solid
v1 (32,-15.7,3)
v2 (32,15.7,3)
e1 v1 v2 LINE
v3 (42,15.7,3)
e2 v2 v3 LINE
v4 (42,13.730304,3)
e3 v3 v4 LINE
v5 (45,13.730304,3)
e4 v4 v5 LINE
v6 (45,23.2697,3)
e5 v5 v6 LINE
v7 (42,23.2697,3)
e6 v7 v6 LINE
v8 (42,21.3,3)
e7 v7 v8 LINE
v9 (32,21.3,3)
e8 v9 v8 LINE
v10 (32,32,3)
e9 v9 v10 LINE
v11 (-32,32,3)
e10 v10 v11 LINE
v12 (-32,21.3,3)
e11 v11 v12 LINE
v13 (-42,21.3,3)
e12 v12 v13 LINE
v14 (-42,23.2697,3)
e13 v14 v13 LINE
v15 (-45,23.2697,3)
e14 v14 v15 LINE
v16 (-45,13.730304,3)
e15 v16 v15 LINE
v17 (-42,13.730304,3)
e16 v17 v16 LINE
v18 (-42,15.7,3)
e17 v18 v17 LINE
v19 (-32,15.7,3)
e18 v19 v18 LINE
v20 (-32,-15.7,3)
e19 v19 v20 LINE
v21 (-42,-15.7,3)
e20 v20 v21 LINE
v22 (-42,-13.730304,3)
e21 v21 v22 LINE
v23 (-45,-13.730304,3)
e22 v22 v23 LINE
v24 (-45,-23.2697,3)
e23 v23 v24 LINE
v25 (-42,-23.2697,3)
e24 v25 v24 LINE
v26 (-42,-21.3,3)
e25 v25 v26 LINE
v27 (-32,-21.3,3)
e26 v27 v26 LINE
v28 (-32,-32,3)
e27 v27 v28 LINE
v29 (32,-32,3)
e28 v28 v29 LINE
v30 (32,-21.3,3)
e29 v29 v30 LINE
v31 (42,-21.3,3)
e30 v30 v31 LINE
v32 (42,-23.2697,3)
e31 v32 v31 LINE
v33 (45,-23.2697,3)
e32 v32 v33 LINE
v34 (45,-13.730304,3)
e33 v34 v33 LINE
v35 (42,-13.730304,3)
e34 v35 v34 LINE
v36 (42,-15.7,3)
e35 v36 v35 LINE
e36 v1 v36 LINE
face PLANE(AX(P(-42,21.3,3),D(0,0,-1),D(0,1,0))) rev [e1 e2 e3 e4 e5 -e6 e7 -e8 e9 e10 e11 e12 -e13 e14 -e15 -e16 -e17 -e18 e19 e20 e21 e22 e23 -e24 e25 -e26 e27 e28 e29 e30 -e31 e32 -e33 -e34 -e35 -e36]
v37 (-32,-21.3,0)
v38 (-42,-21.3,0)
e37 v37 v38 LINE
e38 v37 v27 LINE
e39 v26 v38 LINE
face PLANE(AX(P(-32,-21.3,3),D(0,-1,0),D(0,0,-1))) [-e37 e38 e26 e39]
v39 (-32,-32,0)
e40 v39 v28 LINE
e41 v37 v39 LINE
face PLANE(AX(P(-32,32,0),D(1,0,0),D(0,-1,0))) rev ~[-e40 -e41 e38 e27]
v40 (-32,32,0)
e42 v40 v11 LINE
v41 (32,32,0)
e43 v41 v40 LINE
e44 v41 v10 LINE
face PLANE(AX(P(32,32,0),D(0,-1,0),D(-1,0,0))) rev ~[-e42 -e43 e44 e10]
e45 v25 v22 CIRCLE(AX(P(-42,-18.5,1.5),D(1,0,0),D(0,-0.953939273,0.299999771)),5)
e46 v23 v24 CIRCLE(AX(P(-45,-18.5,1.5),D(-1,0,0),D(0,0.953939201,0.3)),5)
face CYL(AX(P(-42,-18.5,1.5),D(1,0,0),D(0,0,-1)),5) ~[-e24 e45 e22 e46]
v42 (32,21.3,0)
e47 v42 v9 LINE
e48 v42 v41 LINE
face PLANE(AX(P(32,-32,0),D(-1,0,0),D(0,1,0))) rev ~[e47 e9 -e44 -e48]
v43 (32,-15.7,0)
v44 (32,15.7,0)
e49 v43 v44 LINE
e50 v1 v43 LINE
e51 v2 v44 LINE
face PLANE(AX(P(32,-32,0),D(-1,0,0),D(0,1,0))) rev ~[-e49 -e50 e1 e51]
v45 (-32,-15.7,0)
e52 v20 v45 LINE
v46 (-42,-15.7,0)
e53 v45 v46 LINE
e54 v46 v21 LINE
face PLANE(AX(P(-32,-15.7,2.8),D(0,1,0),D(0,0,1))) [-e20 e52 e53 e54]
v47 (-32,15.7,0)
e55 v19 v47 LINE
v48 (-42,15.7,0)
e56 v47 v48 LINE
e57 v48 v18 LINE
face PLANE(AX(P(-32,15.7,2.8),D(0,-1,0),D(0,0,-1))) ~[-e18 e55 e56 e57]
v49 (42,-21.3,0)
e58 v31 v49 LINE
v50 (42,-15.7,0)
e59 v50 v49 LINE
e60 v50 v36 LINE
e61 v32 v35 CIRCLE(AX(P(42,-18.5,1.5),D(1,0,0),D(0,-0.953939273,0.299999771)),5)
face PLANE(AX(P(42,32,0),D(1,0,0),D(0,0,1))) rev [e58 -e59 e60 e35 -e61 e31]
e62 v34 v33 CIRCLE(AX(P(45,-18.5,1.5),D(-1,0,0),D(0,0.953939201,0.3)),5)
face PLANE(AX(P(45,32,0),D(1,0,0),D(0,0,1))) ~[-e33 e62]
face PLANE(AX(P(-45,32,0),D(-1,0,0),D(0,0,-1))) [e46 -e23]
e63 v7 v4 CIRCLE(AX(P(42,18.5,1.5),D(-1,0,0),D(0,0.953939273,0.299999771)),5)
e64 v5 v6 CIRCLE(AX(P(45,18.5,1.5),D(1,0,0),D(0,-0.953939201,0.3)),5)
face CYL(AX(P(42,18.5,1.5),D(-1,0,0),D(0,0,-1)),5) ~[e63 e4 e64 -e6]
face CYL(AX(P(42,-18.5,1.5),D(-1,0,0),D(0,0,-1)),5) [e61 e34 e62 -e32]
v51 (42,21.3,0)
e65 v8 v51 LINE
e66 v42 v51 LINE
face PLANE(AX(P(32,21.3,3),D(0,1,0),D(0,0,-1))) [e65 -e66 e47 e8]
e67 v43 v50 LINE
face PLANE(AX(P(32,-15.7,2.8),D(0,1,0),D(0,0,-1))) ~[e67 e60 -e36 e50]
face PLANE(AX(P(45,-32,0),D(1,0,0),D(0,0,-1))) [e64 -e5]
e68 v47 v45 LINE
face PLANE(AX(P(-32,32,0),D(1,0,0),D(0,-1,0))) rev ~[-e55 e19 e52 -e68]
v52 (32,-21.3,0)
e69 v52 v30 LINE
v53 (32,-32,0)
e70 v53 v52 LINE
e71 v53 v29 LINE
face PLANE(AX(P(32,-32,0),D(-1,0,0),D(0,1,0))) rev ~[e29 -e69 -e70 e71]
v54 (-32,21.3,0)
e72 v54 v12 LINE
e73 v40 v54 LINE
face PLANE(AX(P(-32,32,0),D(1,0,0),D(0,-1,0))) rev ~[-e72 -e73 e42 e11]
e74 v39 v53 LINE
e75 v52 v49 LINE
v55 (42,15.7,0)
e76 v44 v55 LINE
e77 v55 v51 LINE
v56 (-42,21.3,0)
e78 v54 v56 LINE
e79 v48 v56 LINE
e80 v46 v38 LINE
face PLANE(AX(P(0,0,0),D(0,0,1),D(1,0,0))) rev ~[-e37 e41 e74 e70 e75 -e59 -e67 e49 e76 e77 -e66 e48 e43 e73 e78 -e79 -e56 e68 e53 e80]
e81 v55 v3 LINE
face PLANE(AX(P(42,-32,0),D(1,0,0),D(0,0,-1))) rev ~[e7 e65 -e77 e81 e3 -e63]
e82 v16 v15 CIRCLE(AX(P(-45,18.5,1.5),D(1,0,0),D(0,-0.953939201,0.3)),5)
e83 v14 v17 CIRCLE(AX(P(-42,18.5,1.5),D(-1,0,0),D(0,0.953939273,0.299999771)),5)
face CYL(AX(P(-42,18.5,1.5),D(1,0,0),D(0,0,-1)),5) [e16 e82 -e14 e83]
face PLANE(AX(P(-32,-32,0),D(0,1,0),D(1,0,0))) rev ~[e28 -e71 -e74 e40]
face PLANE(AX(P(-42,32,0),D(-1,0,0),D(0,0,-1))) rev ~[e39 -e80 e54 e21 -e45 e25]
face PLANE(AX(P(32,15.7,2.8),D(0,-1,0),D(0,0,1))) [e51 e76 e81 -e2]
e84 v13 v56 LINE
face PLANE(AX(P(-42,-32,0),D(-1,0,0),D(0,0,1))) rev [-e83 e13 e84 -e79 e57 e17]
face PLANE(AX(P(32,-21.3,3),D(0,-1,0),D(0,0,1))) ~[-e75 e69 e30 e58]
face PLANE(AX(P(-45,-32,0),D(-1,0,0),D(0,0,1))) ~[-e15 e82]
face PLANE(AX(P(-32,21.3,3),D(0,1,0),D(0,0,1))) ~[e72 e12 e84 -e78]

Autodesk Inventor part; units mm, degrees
ref_plane "YZ Plane" through (0, 0, 0) normal (1, 0, 0) x (0, 1, 0)
ref_plane "XZ Plane" through (0, 0, 0) normal (0, 1, 0) x (-1, 0, 0)
ref_plane "XY Plane" through (0, 0, 0) normal (0, 0, 1) x (1, 0, 0)
sketch "Boceto1" plane through (0, 0, 0) normal (0, 0, 1) x (1, 0, 0)
  line L0 (-32, -32) -> (32, -32)
  line L1 (32, -32) -> (32, 32)
  line L2 (32, 32) -> (-32, 32)
  line L3 (-32, 32) -> (-32, -32)
  line L4 (-32, -32) -> (32, 32) construction
  line L5 (32, -32) -> (-32, 32) construction
  point P0 (0, 0)
  dimension "d0" = 64
  dimension "d1" = 64
extrude "Extrusión1" add sketch "Boceto1" along normal blind 3
sketch "Boceto2" plane through (32, -32, 0) normal (1, 0, 0) x (0, 0, -1)
  line L0 (-74, 16.5) -> (1, 16.5) projected
  arc A0 (1, 10.5) -> (1, 16.5) centre (1, 13.5) ccw projected
  line L1 (1, 10.5) -> (-74, 10.5) projected
  line L2 (-74, -4.5) -> (-74, 10.5) projected
  line L3 (7, -4.5) -> (-74, -4.5) projected
  line L4 (7, -4.5) -> (7, 68.5) projected
  line L5 (7, 68.5) -> (-74, 68.5) projected
  line L6 (-74, 53.5) -> (-74, 68.5) projected
  line L7 (-74, 53.5) -> (1, 53.5) projected
  arc A1 (1, 47.5) -> (1, 53.5) centre (1, 50.5) ccw projected
  line L8 (1, 47.5) -> (-74, 47.5) projected
  line L9 (-74, 16.5) -> (-74, 47.5) projected
  line L10 (0, 0) -> (0, 64) projected
  line L11 (0, 64) -> (-3, 64) projected
  line L12 (-3, 0) -> (-3, 64) projected
  line L13 (0, 0) -> (-3, 0) projected
  line L14 (0, 47.5) -> (-3, 47.5)
  line L15 (-3, 47.5) -> (-3, 53.5)
  line L16 (-3, 53.5) -> (0, 53.5)
  line L17 (0, 53.5) -> (0, 47.5)
  line L18 (0, 47.7) -> (-3, 47.7)
  line L19 (-2.8, 47.7) -> (-2.8, 53.3)
  line L20 (-3, 53.3) -> (0, 53.3)
  line L21 (-0.2, 53.3) -> (-0.2, 47.7)
  point P0 (0, 32)
  dimension "d4" = 0.2
extrude "Extrusión2" add sketch "Boceto2" along normal blind 10 contours L12 L20 L19 L18 | L18 L21 L20 L10 | L19 L20 L21 L18
sketch "Boceto3" plane through (42, -32, 0) normal (1, 0, 0) x (0, 0, -1)
  line L0 (-3, 53.3) -> (-3, 47.7) projected
  line L1 (-3, 47.7) -> (0, 47.7) projected
  line L2 (0, 47.7) -> (0, 53.3) projected
  line L3 (0, 53.3) -> (-3, 53.3) projected
  line L4 (0, 47.7) -> (-3, 53.3)
  circle A0 centre (-1.5, 50.5) radius 5
  line L5 (-3, 53.3) -> (-3, 55.2697)
  line L6 (-3, 47.7) -> (0, 47.7)
  line L7 (0, 47.7) -> (0, 53.3)
  line L8 (0, 53.3) -> (-3, 53.3)
  line L9 (-3, 53.3) -> (-3, 47.7)
  line L10 (-3, 47.7) -> (-3, 42)
  point P0 (0, 32)
  point P1 (-3, 45.7303)
  dimension "d7" = 10
extrude "Extrusión3" add sketch "Boceto3" along normal blind 3 contours L4 L1 L0 | L5 A0 L10 L1 L2 L3 | L3 L2 L4
ref_plane "Plano de trabajo1" through (0, -32, 3) normal (1, 0, 0) x (0, 0, -1)
ref_plane "Plano de trabajo2" through (-32, 0, 0) normal (0, 1, 0) x (1, 0, 0)
mirror "Simetría1" about plane through (-32, 0, 0) normal (0, 1, 0) of "Extrusión2", "Extrusión3"
mirror "Simetría2" about plane through (0, -32, 3) normal (1, 0, 0) of "Extrusión2", "Simetría1", "Extrusión3"
properties part number "Parte deslizante"
